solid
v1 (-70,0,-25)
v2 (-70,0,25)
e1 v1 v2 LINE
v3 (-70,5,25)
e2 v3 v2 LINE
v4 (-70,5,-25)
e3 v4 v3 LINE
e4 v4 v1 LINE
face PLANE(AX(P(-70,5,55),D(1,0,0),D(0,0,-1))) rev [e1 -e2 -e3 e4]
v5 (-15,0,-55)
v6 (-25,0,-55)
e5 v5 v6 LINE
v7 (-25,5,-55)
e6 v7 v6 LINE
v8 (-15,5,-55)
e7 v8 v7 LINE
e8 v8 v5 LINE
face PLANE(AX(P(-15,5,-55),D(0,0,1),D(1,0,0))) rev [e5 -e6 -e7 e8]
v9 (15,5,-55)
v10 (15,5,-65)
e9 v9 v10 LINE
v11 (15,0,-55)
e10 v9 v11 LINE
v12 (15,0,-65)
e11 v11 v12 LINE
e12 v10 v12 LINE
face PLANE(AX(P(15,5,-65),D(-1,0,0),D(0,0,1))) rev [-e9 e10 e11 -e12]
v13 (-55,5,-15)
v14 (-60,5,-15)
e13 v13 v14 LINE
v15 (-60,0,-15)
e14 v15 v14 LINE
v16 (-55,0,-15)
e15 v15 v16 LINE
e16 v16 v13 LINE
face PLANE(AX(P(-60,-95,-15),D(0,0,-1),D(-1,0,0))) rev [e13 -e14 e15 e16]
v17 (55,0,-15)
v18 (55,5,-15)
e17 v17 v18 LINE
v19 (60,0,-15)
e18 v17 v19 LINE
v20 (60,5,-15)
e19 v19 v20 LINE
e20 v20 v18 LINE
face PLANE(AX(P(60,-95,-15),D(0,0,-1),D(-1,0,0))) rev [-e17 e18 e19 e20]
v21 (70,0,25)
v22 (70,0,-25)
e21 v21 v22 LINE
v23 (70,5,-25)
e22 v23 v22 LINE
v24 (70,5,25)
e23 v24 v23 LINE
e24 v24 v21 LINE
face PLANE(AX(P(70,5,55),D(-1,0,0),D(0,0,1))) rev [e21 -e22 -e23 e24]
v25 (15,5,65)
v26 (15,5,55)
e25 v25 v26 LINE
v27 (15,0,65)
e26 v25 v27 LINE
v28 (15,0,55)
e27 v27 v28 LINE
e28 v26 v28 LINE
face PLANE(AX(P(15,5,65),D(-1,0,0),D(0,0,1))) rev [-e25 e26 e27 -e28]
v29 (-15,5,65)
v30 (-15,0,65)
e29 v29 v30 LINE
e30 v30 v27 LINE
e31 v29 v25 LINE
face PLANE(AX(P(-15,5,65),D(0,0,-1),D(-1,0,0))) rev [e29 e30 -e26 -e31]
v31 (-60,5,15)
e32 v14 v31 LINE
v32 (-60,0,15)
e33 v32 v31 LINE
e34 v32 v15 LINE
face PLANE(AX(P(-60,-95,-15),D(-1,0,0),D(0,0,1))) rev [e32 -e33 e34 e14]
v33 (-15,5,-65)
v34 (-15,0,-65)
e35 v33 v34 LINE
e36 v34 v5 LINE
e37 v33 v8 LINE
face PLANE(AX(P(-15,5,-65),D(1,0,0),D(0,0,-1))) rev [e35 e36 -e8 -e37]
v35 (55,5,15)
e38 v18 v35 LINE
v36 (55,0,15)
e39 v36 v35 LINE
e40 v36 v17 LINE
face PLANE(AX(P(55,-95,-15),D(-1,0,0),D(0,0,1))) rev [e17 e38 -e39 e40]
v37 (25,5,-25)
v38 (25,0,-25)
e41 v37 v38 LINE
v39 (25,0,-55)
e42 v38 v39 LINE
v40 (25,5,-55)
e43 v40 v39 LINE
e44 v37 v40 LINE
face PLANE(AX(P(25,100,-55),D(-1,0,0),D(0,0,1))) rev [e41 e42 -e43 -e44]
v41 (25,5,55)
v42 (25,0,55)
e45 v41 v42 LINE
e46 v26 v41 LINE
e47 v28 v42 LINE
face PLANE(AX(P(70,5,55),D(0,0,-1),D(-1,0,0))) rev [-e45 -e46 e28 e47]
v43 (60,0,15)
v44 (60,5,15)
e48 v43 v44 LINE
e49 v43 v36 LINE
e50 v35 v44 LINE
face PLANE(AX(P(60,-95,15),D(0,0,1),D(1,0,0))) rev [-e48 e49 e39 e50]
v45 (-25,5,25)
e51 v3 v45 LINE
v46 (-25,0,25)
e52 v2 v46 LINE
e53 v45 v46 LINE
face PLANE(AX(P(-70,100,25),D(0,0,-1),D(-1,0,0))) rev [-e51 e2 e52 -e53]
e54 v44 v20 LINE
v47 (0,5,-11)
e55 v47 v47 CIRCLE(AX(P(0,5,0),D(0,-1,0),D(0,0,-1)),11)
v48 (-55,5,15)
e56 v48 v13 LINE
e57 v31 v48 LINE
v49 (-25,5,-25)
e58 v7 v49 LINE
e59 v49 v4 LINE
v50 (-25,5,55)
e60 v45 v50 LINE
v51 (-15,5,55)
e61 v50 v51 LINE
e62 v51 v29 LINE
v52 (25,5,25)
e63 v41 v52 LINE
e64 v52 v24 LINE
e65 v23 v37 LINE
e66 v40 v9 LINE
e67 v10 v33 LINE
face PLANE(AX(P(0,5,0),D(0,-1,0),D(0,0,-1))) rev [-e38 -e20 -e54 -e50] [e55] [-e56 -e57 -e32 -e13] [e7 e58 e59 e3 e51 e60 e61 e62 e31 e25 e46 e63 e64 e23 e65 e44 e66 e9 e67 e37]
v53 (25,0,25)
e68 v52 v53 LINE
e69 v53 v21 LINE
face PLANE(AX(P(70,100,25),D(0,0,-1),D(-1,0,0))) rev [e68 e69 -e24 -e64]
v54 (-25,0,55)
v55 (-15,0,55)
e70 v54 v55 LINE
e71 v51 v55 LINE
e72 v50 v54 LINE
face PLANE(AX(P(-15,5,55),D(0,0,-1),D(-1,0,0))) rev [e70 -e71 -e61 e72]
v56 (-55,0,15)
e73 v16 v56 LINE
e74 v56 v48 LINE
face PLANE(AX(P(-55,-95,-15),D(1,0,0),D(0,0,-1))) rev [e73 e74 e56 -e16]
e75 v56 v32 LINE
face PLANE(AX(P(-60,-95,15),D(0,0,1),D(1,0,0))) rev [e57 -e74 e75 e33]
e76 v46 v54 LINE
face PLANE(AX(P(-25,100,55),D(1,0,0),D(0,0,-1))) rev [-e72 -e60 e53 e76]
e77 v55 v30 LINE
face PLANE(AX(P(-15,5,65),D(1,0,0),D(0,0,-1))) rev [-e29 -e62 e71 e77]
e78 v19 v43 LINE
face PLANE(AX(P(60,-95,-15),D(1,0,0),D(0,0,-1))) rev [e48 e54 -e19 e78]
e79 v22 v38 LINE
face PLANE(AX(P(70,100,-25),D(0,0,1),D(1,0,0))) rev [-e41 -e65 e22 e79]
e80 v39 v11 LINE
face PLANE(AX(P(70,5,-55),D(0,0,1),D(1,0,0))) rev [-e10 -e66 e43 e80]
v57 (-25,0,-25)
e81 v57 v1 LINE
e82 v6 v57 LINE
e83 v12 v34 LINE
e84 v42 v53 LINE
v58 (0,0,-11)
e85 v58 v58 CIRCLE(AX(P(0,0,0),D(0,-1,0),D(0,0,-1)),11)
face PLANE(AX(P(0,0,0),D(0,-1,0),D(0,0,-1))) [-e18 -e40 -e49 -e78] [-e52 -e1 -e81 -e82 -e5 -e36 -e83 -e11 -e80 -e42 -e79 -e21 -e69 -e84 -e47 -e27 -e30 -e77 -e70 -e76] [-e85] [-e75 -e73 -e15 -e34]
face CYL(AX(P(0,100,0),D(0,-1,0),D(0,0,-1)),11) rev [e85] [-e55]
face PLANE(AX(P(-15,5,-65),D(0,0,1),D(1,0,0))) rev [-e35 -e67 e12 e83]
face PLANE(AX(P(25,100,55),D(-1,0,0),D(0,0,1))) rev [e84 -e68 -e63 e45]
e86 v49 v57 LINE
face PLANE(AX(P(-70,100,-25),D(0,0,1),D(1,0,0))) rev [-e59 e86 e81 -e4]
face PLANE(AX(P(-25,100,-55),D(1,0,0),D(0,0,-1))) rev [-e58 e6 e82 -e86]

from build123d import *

# Parameters (mm, degrees)
BOSS_EXTRUDE2_DEPTH = 5
SKETCH2_W           = 5
SKETCH2_H           = 30
CUT_EXTRUDE4_DEPTH  = 100
SKETCH3_R           = 11
CUT_EXTRUDE5_DEPTH  = 100
SKETCH5_W           = 45
SKETCH5_H           = 30
CUT_EXTRUDE6_DEPTH  = 100


with BuildPart() as part:
    # Sketch1 → Boss-Extrude2 (new body)
    with BuildSketch(Plane(origin=(0, 0, 0), x_dir=(1, 0, 0), z_dir=(0, 1, 0))):
        Polygon((70, -55), (15, -55), (15, -65), (-15, -65), (-15, -55), (-70, -55), (-70, 55), (-15, 55), (-15, 65), (15, 65), (15, 55), (70, 55), align=None)
    extrude(amount=BOSS_EXTRUDE2_DEPTH)

    # Sketch2 → Cut-Extrude4 (cut)
    with BuildSketch(Plane(origin=(0, 5, 0), x_dir=(1, 0, 0), z_dir=(0, 1, 0))):
        with Locations((-57.5, 0)):
            Rectangle(SKETCH2_W, SKETCH2_H)
        with Locations((57.5, 0)):
            Rectangle(SKETCH2_W, SKETCH2_H)
    extrude(amount=-CUT_EXTRUDE4_DEPTH, mode=Mode.SUBTRACT)

    # Sketch3 → Cut-Extrude5 (cut)
    with BuildSketch(Plane(origin=(0, 0, 0), x_dir=(-1, 0, 0), z_dir=(0, -1, 0))):
        with Locations(Location((0, 0, 0), (0, 0, 90))):
            Circle(SKETCH3_R)
    extrude(amount=-CUT_EXTRUDE5_DEPTH, mode=Mode.SUBTRACT)

    # Sketch5 → Cut-Extrude6 (cut)
    with BuildSketch(Plane(origin=(0, 0, 0), x_dir=(-1, 0, 0), z_dir=(0, -1, 0))):
        with Locations((47.5, -40)):
            Rectangle(SKETCH5_W, SKETCH5_H)
        with Locations((47.5, 40)):
            Rectangle(SKETCH5_W, SKETCH5_H)
        with Locations((-47.5, 40)):
            Rectangle(SKETCH5_W, SKETCH5_H)
        with Locations((-47.5, -40)):
            Rectangle(SKETCH5_W, SKETCH5_H)
    extrude(amount=-CUT_EXTRUDE6_DEPTH, mode=Mode.SUBTRACT)


solid = part.part
